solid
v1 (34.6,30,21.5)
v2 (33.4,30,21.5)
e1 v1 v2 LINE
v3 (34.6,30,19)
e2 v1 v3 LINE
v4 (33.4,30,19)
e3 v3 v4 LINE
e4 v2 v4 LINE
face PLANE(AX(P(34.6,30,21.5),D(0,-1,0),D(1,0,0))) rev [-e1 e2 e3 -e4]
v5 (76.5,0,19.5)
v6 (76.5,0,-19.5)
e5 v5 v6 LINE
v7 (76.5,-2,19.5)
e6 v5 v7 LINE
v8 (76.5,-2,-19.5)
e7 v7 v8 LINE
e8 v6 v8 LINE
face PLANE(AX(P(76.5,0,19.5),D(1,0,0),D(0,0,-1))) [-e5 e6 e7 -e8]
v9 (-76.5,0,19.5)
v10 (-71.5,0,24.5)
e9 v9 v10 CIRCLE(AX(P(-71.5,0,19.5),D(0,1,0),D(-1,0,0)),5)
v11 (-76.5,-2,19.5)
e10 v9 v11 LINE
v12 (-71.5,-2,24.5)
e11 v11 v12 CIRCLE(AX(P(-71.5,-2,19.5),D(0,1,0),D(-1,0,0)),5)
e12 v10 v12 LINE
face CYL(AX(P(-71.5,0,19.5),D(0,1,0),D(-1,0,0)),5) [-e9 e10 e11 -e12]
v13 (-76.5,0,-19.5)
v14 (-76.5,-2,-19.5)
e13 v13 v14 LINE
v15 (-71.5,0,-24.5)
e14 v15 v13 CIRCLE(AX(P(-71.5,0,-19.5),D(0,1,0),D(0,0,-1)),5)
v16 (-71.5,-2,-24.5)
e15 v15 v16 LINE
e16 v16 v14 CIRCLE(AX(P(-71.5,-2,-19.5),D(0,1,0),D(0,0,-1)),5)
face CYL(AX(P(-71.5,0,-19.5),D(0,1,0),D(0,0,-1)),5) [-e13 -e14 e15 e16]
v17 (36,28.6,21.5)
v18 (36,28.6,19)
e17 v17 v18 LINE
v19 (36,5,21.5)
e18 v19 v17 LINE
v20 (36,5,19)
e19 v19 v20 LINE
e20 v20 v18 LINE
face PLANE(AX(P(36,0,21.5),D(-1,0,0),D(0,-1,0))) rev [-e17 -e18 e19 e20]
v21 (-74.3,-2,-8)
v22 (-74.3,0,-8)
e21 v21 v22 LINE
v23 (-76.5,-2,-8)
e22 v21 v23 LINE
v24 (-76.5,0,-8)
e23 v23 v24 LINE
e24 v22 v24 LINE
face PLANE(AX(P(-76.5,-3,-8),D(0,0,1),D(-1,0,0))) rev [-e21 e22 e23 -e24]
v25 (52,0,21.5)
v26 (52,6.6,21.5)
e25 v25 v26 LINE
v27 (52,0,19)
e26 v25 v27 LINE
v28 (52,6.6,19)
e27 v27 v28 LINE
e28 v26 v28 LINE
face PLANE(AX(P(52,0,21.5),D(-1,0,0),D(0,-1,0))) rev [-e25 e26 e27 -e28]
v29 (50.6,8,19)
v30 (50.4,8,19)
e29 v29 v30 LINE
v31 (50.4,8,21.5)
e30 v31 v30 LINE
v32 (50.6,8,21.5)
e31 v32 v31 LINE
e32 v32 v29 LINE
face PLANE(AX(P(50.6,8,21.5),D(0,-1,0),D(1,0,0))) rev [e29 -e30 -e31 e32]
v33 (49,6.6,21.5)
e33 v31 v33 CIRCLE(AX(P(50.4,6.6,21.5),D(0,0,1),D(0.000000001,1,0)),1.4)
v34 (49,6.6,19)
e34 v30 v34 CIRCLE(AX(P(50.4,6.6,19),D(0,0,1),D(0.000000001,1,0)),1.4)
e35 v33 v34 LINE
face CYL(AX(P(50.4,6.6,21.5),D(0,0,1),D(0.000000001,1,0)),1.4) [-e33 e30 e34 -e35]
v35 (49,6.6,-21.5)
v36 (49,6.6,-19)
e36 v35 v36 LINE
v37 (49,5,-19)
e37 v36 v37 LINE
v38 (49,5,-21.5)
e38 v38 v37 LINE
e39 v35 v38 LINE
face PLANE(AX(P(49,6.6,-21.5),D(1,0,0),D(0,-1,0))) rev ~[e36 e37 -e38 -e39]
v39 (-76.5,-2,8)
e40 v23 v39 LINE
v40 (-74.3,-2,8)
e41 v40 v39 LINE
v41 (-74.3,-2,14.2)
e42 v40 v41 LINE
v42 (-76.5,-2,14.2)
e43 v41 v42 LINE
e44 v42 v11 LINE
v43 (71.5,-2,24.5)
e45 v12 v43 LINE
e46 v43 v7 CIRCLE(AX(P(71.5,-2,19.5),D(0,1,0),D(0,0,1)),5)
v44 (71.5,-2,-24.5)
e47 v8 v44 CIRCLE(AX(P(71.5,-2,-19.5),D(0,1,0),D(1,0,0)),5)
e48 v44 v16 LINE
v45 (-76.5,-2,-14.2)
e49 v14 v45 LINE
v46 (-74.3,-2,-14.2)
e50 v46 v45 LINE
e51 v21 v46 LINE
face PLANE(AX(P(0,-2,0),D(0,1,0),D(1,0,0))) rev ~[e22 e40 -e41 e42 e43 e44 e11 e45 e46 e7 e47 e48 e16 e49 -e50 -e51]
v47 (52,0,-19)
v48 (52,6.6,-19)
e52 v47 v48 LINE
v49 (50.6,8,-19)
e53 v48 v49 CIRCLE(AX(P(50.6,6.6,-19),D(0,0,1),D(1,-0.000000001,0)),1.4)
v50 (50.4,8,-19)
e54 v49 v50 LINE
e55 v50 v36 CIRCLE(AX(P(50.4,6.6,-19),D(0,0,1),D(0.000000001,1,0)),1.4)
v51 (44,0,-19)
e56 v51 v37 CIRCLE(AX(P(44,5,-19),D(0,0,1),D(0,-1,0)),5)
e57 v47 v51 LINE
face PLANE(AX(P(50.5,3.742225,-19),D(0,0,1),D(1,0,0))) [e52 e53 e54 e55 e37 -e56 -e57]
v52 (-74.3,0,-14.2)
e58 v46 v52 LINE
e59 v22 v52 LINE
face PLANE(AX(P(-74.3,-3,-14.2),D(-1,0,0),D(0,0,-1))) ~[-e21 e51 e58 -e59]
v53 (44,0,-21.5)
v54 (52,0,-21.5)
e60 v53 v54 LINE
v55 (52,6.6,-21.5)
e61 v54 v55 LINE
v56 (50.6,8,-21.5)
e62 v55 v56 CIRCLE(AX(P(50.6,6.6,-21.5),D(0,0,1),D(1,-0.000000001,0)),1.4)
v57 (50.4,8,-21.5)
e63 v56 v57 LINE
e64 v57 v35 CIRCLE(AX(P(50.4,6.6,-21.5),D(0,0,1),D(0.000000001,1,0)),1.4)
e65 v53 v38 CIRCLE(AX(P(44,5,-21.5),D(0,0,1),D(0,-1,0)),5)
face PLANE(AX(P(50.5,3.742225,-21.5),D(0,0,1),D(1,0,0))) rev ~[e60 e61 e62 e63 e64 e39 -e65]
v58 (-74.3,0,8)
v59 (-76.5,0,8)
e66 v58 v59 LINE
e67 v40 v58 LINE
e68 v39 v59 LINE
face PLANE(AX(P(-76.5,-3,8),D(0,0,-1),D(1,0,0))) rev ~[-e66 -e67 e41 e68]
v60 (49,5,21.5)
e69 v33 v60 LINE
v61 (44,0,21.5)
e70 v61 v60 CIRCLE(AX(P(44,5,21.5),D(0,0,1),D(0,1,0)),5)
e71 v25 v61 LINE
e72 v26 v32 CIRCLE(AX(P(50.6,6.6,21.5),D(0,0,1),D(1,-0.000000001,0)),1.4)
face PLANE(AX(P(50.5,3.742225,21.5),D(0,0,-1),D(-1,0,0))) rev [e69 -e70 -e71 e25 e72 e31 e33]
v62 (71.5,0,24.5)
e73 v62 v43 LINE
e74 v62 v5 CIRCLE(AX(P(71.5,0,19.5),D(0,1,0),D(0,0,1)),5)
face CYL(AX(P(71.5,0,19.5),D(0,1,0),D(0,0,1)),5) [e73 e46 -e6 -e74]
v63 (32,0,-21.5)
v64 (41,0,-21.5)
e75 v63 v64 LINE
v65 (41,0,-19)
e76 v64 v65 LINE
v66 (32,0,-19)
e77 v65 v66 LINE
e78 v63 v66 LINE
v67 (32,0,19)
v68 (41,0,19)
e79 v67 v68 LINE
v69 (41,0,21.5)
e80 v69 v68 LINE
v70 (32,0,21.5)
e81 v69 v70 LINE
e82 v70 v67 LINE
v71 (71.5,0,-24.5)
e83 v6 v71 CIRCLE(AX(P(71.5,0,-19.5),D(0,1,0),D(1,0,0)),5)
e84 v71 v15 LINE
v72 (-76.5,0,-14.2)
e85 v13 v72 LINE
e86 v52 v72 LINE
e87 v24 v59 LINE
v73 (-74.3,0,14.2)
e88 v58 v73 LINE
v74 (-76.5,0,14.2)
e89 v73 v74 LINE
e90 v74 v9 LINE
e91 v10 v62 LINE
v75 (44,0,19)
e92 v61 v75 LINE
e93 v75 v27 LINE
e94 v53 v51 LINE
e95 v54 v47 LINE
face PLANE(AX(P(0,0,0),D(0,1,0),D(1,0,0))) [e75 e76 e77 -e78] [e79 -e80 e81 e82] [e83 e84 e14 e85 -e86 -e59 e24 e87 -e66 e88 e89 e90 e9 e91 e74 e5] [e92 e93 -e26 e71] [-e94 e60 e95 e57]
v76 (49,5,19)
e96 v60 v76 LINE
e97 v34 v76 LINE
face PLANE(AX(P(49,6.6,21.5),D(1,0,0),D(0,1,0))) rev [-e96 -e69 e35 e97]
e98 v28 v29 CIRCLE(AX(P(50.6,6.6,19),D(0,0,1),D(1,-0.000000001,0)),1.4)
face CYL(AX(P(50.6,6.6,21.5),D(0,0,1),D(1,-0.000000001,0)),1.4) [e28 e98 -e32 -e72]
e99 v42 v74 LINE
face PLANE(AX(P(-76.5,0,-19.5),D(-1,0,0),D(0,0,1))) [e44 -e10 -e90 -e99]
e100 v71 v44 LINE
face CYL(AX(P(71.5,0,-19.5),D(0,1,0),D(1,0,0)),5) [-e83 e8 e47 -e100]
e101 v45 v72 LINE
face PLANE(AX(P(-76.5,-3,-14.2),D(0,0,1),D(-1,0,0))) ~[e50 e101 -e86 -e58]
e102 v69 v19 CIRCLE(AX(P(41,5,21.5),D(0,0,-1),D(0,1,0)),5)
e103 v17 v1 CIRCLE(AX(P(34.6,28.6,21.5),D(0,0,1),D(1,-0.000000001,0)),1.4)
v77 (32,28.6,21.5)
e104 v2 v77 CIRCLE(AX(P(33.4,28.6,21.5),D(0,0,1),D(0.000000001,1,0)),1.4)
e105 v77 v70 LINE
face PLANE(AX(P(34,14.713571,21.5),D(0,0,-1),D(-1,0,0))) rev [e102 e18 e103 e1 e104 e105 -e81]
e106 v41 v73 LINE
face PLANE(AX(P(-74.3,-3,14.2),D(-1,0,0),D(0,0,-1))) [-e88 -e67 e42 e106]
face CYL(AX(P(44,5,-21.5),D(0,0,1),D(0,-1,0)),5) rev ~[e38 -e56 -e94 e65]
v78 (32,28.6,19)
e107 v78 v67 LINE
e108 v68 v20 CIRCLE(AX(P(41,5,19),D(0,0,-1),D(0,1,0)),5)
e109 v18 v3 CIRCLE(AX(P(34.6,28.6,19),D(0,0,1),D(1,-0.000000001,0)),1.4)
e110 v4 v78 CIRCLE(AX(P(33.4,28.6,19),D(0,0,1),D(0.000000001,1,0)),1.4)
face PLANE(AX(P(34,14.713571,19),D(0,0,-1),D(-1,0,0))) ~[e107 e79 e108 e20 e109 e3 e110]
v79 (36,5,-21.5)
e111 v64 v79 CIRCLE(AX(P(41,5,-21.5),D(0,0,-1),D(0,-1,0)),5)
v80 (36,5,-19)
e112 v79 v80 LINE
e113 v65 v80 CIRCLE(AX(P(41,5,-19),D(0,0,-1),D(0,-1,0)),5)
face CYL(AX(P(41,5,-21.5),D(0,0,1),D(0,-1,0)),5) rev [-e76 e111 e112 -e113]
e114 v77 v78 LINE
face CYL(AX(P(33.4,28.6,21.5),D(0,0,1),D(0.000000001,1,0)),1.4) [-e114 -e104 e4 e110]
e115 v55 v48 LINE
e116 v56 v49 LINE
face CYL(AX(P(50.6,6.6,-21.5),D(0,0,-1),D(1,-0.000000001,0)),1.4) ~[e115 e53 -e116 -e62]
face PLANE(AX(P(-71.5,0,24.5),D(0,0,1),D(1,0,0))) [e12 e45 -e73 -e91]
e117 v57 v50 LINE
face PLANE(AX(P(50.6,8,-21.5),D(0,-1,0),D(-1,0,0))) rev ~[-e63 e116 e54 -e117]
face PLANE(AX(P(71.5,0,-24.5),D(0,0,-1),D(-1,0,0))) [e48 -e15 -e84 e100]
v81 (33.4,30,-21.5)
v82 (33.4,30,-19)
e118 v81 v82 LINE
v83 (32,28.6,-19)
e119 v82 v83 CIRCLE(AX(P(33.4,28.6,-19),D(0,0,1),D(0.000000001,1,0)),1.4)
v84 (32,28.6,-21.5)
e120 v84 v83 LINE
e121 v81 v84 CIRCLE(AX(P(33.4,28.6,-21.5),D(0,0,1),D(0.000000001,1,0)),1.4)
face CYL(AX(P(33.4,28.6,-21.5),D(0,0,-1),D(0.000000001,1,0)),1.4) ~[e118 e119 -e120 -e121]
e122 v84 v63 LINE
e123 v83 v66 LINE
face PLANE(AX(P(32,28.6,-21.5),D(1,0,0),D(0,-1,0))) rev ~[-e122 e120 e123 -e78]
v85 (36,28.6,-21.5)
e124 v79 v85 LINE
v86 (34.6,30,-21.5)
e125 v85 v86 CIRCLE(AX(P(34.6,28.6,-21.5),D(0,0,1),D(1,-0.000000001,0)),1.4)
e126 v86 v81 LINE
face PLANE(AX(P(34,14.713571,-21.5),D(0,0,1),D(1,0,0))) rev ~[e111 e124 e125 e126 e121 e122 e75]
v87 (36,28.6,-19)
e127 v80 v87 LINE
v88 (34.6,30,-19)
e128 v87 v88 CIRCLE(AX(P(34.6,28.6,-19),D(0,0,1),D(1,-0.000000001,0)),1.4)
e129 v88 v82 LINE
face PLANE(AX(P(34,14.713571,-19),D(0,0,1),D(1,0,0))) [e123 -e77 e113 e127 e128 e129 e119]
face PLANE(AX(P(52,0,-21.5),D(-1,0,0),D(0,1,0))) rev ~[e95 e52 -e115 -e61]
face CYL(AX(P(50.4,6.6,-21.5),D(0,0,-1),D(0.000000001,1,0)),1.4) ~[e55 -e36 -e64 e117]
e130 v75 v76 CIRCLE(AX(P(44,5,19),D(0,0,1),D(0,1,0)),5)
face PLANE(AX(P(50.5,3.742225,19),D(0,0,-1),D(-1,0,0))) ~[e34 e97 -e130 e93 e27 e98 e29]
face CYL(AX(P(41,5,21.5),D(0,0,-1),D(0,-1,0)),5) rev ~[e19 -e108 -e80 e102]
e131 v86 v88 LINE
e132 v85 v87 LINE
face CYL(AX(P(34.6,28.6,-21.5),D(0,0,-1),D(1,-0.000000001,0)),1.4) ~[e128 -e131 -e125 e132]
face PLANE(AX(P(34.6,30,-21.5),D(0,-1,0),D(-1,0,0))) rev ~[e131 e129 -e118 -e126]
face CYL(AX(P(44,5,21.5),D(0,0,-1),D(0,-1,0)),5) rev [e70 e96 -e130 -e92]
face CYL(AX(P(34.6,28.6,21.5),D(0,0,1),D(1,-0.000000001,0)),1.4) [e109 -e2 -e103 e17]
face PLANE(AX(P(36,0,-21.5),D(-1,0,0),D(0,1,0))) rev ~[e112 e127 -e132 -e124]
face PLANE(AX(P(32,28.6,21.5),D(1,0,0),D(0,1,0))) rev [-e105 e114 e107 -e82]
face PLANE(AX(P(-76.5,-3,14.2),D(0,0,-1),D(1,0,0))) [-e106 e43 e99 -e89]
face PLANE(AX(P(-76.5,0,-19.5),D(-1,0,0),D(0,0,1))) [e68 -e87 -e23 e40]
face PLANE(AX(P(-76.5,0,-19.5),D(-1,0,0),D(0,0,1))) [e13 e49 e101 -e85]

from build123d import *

# Parameters (mm, degrees)
EXTRUDE_3_DEPTH     = 2
CUT_EXTRUDE_START   = -3
SKETCH_4_W          = 2.2
SKETCH_4_H          = 6.2
CUT_EXTRUDE_2_DEPTH = 4
EXTRUDE_4_DEPTH     = 2.5
FILLET_1_R          = 5


with BuildPart() as part:
    # Эскиз1 → Бобышка-Вытянуть3 (new body)
    with BuildSketch(Plane(origin=(0, 0, 0), x_dir=(1, 0, 0), z_dir=(0, 1, 0))):
        with BuildLine():
            Line((71.5, 24.5), (-71.5, 24.5))
            ThreePointArc((-71.5, 24.5), (-75.035533906, 23.035533906), (-76.5, 19.5))
            Line((-76.5, 19.5), (-76.5, -19.5))
            ThreePointArc((-76.5, -19.5), (-75.035533906, -23.035533906), (-71.5, -24.5))
            Line((-71.5, -24.5), (71.5, -24.5))
            ThreePointArc((71.5, -24.5), (75.035533906, -23.035533906), (76.5, -19.5))
            Line((76.5, -19.5), (76.5, 19.5))
            ThreePointArc((76.5, 19.5), (75.035533906, 23.035533906), (71.5, 24.5))
        make_face()
    extrude(amount=-EXTRUDE_3_DEPTH)

    # Эскиз4 → Вырез-Вытянуть2 (cut)
    with BuildSketch(Plane(origin=(0, 0, 0), x_dir=(1, 0, 0), z_dir=(0, 1, 0)).offset(CUT_EXTRUDE_START)):
        with Locations((-75.4, -11.1)):
            Rectangle(SKETCH_4_W, SKETCH_4_H)
    cut_extrude_2 = extrude(amount=CUT_EXTRUDE_2_DEPTH, mode=Mode.SUBTRACT)

    # Зеркальное отражение3: Вырез-Вытянуть2 across plane
    add(cut_extrude_2.mirror(Plane.XY), mode=Mode.SUBTRACT)

    # Эскиз6 → Бобышка-Вытянуть4 (add)
    with BuildSketch(Plane(origin=(0, 0, -21.5), x_dir=(-1, 0, 0), z_dir=(0, 0, -1))):
        with BuildLine():
            ThreePointArc((-36, 28.6), (-35.589949494, 29.589949494), (-34.6, 30))
            Line((-34.6, 30), (-33.4, 30))
            ThreePointArc((-33.4, 30), (-32.410050506, 29.589949494), (-32, 28.6))
            Line((-32, 28.6), (-32, 0))
            Line((-32, 0), (-36, 0))
            Line((-36, 0), (-36, 28.6))
        make_face()
        with BuildLine():
            ThreePointArc((-50.4, 8), (-49.410050506, 7.589949494), (-49, 6.6))
            Line((-49, 6.6), (-49, 0))
            Line((-49, 0), (-52, 0))
            Line((-52, 0), (-52, 6.6))
            ThreePointArc((-52, 6.6), (-51.589949494, 7.589949494), (-50.6, 8))
            Line((-50.6, 8), (-50.4, 8))
        make_face()
    extrude_4 = extrude(amount=-EXTRUDE_4_DEPTH)

    # Зеркальное отражение4: Бобышка-Вытянуть4 across plane
    add(extrude_4.mirror(Plane.XY))

    # Скругление1
    fillet_1_edges = [part.edges().sort_by_distance(p)[0] for p in [
        (36, 0, 20.25),
        (49, 0, 20.25),
        (36, 0, -20.25),
        (49, 0, -20.25),
    ]]
    fillet(fillet_1_edges, radius=FILLET_1_R)


solid = part.part
